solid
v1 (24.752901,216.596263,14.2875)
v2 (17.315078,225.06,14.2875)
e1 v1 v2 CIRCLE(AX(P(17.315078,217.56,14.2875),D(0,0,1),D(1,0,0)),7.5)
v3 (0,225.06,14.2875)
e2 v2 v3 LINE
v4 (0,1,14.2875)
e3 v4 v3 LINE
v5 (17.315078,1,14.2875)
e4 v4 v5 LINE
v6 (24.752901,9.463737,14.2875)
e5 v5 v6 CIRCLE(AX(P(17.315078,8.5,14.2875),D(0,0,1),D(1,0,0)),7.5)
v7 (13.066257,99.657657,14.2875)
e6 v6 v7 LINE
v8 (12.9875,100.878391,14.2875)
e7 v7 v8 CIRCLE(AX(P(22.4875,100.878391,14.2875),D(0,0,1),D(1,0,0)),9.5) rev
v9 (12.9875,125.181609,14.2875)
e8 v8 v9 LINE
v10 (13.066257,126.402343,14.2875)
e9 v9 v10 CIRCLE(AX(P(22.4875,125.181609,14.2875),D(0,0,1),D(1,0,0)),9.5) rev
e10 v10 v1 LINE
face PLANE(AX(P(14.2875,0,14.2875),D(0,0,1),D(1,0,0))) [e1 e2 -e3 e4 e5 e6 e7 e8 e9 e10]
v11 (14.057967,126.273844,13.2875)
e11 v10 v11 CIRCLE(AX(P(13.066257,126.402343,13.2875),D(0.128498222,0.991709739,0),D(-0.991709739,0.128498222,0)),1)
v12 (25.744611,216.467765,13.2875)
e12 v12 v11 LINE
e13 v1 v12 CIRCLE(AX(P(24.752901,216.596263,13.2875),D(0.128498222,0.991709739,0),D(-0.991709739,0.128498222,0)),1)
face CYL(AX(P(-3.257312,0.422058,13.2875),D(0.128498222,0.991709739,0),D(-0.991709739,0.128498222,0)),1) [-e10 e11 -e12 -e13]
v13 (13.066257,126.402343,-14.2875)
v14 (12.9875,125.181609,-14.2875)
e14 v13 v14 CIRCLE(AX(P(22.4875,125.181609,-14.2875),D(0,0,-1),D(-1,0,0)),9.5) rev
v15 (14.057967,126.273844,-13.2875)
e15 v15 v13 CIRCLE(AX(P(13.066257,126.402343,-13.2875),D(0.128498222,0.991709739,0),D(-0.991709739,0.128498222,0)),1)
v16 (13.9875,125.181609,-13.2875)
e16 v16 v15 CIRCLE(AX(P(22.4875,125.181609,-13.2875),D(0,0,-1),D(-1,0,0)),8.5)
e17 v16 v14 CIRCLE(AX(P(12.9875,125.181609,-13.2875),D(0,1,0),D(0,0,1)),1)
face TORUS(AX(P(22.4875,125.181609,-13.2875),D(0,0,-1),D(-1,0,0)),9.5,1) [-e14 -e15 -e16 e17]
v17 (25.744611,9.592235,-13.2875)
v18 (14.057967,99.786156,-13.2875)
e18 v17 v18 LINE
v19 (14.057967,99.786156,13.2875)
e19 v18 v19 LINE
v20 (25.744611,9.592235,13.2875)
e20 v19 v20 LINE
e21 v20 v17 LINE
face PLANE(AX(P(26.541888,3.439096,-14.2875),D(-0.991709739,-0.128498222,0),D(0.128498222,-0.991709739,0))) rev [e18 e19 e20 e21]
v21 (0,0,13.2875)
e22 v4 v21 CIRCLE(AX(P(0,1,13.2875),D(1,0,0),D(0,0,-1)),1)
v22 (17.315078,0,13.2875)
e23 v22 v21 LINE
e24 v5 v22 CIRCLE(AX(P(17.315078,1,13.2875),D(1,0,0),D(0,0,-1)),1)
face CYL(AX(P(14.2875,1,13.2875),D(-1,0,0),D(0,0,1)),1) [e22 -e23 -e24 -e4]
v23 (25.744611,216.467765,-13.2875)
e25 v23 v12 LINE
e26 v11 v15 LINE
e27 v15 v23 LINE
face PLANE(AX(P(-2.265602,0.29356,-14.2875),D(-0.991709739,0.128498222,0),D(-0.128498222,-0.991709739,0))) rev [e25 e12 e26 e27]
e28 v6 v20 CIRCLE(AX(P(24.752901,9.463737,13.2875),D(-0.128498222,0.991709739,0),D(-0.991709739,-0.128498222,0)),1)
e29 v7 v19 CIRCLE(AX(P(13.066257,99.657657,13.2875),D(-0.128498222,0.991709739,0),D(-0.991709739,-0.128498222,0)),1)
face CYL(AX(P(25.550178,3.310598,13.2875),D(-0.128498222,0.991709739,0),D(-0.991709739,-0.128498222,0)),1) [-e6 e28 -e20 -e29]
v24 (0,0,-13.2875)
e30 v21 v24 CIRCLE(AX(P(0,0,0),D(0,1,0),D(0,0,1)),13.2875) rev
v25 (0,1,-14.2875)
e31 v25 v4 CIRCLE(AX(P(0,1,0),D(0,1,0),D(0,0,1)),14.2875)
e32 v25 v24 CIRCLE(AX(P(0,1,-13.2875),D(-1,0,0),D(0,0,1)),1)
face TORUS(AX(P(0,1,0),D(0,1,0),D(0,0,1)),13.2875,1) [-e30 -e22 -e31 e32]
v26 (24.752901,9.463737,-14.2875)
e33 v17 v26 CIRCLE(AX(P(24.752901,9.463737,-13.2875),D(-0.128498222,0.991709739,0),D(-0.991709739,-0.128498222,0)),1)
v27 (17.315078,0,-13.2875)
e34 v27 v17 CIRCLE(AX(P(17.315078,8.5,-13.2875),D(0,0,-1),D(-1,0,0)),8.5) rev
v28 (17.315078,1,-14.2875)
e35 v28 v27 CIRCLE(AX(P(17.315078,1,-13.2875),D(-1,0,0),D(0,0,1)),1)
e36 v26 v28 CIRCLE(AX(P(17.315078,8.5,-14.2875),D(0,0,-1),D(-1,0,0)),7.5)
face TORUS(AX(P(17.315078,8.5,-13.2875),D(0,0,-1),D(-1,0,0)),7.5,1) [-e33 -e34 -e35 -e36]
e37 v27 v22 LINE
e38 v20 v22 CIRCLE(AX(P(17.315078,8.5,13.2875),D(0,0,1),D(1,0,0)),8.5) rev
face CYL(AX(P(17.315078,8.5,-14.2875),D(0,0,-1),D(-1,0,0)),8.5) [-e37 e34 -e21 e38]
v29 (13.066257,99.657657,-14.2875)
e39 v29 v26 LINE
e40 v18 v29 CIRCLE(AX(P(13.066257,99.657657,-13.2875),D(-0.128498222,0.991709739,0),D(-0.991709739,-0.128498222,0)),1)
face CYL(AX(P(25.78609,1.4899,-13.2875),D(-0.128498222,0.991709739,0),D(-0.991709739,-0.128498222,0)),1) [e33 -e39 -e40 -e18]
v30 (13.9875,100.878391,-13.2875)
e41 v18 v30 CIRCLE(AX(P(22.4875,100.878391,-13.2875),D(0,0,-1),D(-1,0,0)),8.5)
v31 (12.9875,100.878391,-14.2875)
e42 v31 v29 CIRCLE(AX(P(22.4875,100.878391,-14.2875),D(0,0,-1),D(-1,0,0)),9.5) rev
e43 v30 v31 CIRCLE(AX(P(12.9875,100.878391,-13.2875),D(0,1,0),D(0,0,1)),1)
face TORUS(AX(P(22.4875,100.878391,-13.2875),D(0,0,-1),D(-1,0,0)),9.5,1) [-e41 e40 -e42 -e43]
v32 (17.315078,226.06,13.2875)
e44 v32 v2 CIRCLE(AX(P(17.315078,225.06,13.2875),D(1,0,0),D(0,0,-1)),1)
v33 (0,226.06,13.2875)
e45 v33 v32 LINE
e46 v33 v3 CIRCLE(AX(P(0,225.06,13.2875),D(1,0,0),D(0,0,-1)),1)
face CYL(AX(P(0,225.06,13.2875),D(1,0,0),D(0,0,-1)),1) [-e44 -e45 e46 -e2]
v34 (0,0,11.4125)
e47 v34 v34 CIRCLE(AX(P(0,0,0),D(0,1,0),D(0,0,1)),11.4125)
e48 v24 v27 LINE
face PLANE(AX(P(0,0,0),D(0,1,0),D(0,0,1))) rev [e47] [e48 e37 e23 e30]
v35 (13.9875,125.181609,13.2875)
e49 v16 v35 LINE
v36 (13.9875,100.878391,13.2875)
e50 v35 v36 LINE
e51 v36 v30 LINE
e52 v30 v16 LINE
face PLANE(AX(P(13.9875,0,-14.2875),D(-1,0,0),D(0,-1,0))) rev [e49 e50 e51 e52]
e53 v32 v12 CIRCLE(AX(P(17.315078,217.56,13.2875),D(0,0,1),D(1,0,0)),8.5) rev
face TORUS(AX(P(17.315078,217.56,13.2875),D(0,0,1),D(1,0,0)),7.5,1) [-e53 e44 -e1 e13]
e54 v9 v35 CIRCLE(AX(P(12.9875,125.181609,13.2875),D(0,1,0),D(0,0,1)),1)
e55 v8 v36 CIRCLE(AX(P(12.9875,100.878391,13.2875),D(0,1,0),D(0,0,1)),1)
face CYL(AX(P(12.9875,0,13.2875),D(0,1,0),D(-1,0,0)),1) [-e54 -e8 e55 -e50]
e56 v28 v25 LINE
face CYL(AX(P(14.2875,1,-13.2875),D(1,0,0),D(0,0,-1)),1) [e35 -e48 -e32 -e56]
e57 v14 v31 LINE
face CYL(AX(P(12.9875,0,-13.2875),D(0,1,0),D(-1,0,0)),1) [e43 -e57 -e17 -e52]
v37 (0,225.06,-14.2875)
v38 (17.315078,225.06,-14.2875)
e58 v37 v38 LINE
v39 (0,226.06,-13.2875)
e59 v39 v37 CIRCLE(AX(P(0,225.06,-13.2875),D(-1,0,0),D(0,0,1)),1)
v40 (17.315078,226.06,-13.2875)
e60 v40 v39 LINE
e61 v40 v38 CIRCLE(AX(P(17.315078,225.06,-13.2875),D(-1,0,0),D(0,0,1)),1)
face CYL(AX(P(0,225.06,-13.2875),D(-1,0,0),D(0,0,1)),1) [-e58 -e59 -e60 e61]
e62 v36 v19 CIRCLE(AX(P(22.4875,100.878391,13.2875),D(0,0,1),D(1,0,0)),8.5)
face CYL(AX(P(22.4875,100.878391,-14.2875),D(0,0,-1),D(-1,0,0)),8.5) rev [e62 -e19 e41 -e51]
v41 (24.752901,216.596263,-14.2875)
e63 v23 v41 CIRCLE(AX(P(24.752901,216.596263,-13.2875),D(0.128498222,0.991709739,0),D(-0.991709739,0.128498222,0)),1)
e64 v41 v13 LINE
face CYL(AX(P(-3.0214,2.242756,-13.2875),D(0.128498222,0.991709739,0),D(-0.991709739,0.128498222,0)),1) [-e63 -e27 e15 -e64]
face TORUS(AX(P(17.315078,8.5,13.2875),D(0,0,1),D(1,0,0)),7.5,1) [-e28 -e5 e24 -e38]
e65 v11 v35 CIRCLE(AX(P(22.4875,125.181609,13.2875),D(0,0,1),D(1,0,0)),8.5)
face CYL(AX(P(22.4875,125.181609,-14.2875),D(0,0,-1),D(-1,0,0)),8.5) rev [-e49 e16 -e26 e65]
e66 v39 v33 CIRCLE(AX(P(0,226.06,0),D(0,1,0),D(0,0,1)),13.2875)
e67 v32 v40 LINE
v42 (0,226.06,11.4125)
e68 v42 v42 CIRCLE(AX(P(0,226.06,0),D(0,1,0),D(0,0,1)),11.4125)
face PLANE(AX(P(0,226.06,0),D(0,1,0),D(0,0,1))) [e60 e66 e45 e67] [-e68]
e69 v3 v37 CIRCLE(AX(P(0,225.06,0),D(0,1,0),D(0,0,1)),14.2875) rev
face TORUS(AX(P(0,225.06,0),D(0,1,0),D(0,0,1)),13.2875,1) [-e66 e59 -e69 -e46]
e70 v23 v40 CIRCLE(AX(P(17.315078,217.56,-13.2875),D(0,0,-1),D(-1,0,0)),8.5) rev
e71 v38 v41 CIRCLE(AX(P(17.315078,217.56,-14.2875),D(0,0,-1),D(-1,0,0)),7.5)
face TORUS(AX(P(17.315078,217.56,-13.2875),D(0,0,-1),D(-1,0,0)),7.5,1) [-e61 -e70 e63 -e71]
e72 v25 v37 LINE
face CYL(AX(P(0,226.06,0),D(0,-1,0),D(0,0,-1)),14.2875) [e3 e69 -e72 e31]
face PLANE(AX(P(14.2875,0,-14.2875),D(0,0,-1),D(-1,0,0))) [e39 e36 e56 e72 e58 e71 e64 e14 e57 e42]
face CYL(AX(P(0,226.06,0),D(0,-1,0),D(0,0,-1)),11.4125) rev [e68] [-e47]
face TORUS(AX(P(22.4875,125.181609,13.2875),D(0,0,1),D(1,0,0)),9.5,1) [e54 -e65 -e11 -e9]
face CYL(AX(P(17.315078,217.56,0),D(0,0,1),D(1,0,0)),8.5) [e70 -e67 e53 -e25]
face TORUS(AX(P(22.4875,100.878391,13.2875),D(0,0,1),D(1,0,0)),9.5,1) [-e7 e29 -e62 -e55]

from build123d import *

# Parameters (mm, degrees)
SKETCH1_R           = 14.2875
SKETCH1_R_2         = 11.4125
BOSS_EXTRUDE1_DEPTH = 226.06
SKETCH2_W           = 28.575
SKETCH2_H           = 226.06
BOSS_EXTRUDE2_DEPTH = 12.7
BOSS_EXTRUDE3_DEPTH = 226.06
CUT_EXTRUDE1_DEPTH  = 29.575
FILLET1_R           = 8.5
FILLET2_R           = 8.5
FILLET3_R           = 1


with BuildPart() as part:
    # Sketch1 → Boss-Extrude1 (new body)
    with BuildSketch(Plane(origin=(0, 0, 0), x_dir=(1, 0, 0), z_dir=(0, 1, 0))):
        Circle(SKETCH1_R)
        Circle(SKETCH1_R_2, mode=Mode.SUBTRACT)
    extrude(amount=BOSS_EXTRUDE1_DEPTH)



with BuildPart() as body_2:
    # Sketch2 → Boss-Extrude2 (new body)
    with BuildSketch(Plane(origin=(14.2875, 0, 0), x_dir=(0, 0, -1), z_dir=(1, 0, 0))):
        with Locations((0, 113.03)):
            Rectangle(SKETCH2_W, SKETCH2_H)
    extrude(amount=BOSS_EXTRUDE2_DEPTH)


with BuildPart() as part_1:
    add(part.part)

    add(body_2.part)  # Boss-Extrude3 merges body 2
    # Sketch3 → Boss-Extrude3 (add, through all)
    with BuildSketch(Plane(origin=(0, 226.06, 0), x_dir=(1, 0, 0), z_dir=(0, 1, 0))):
        with BuildLine():
            Line((14.2875, -14.2875), (0, -14.2875))
            ThreePointArc((0, -14.2875), (14.2875, 0), (0, 14.2875))
            Line((0, 14.2875), (14.2875, 14.2875))
            Line((14.2875, 14.2875), (26.9875, 14.2875))
            Line((26.9875, 14.2875), (26.9875, -14.2875))
            Line((26.9875, -14.2875), (14.2875, -14.2875))
        make_face()
    extrude(amount=-BOSS_EXTRUDE3_DEPTH)

    # Sketch5 → Cut-Extrude1 (cut, through all)
    with BuildSketch(Plane.XY.offset(14.2875)):
        Polygon((26.9875, 226.06), (13.9875, 125.73), (13.9875, 100.33), (26.9875, 0), align=None)
    extrude(amount=-CUT_EXTRUDE1_DEPTH, mode=Mode.SUBTRACT)

    # Fillet1
    fillet1_edges = [part_1.edges().sort_by_distance(p)[0] for p in [
        (26.9875, 0, 0),
        (26.9875, 226.06, 0),
    ]]
    fillet(fillet1_edges, radius=FILLET1_R)

    # Fillet2
    fillet2_edges = [part_1.edges().sort_by_distance(p)[0] for p in [
        (13.9875, 125.73, 0),
        (13.9875, 100.33, 0),
    ]]
    fillet(fillet2_edges, radius=FILLET2_R)

    # Fillet3
    fillet3_edges = [part_1.edges().sort_by_distance(p)[0] for p in [
        (-14.2875, 0, 0),
        (8.657539107, 0, 14.2875),
        (8.657539107, 226.06, 14.2875),
        (19.901289107, 171.370804703, -14.2875),
        (8.657539107, 0, -14.2875),
        (8.657539107, 226.06, -14.2875),
        (23.69998215, 223.17097155, -14.2875),
        (23.69998215, 2.88902845, -14.2875),
        (19.901289107, 171.370804703, 14.2875),
        (23.69998215, 223.17097155, 14.2875),
        (23.69998215, 2.88902845, 14.2875),
        (19.901289107, 54.689195297, 14.2875),
        (19.901289107, 54.689195297, -14.2875),
        (13.9875, 113.03, 14.2875),
        (13.9875, 113.03, -14.2875),
        (14.005135098, 100.331137756, 14.2875),
        (14.005135098, 100.331137756, -14.2875),
        (14.005135098, 125.728862244, 14.2875),
        (14.005135098, 125.728862244, -14.2875),
        (-14.2875, 226.06, 0),
    ]]
    fillet(fillet3_edges, radius=FILLET3_R)


solid = part_1.part
